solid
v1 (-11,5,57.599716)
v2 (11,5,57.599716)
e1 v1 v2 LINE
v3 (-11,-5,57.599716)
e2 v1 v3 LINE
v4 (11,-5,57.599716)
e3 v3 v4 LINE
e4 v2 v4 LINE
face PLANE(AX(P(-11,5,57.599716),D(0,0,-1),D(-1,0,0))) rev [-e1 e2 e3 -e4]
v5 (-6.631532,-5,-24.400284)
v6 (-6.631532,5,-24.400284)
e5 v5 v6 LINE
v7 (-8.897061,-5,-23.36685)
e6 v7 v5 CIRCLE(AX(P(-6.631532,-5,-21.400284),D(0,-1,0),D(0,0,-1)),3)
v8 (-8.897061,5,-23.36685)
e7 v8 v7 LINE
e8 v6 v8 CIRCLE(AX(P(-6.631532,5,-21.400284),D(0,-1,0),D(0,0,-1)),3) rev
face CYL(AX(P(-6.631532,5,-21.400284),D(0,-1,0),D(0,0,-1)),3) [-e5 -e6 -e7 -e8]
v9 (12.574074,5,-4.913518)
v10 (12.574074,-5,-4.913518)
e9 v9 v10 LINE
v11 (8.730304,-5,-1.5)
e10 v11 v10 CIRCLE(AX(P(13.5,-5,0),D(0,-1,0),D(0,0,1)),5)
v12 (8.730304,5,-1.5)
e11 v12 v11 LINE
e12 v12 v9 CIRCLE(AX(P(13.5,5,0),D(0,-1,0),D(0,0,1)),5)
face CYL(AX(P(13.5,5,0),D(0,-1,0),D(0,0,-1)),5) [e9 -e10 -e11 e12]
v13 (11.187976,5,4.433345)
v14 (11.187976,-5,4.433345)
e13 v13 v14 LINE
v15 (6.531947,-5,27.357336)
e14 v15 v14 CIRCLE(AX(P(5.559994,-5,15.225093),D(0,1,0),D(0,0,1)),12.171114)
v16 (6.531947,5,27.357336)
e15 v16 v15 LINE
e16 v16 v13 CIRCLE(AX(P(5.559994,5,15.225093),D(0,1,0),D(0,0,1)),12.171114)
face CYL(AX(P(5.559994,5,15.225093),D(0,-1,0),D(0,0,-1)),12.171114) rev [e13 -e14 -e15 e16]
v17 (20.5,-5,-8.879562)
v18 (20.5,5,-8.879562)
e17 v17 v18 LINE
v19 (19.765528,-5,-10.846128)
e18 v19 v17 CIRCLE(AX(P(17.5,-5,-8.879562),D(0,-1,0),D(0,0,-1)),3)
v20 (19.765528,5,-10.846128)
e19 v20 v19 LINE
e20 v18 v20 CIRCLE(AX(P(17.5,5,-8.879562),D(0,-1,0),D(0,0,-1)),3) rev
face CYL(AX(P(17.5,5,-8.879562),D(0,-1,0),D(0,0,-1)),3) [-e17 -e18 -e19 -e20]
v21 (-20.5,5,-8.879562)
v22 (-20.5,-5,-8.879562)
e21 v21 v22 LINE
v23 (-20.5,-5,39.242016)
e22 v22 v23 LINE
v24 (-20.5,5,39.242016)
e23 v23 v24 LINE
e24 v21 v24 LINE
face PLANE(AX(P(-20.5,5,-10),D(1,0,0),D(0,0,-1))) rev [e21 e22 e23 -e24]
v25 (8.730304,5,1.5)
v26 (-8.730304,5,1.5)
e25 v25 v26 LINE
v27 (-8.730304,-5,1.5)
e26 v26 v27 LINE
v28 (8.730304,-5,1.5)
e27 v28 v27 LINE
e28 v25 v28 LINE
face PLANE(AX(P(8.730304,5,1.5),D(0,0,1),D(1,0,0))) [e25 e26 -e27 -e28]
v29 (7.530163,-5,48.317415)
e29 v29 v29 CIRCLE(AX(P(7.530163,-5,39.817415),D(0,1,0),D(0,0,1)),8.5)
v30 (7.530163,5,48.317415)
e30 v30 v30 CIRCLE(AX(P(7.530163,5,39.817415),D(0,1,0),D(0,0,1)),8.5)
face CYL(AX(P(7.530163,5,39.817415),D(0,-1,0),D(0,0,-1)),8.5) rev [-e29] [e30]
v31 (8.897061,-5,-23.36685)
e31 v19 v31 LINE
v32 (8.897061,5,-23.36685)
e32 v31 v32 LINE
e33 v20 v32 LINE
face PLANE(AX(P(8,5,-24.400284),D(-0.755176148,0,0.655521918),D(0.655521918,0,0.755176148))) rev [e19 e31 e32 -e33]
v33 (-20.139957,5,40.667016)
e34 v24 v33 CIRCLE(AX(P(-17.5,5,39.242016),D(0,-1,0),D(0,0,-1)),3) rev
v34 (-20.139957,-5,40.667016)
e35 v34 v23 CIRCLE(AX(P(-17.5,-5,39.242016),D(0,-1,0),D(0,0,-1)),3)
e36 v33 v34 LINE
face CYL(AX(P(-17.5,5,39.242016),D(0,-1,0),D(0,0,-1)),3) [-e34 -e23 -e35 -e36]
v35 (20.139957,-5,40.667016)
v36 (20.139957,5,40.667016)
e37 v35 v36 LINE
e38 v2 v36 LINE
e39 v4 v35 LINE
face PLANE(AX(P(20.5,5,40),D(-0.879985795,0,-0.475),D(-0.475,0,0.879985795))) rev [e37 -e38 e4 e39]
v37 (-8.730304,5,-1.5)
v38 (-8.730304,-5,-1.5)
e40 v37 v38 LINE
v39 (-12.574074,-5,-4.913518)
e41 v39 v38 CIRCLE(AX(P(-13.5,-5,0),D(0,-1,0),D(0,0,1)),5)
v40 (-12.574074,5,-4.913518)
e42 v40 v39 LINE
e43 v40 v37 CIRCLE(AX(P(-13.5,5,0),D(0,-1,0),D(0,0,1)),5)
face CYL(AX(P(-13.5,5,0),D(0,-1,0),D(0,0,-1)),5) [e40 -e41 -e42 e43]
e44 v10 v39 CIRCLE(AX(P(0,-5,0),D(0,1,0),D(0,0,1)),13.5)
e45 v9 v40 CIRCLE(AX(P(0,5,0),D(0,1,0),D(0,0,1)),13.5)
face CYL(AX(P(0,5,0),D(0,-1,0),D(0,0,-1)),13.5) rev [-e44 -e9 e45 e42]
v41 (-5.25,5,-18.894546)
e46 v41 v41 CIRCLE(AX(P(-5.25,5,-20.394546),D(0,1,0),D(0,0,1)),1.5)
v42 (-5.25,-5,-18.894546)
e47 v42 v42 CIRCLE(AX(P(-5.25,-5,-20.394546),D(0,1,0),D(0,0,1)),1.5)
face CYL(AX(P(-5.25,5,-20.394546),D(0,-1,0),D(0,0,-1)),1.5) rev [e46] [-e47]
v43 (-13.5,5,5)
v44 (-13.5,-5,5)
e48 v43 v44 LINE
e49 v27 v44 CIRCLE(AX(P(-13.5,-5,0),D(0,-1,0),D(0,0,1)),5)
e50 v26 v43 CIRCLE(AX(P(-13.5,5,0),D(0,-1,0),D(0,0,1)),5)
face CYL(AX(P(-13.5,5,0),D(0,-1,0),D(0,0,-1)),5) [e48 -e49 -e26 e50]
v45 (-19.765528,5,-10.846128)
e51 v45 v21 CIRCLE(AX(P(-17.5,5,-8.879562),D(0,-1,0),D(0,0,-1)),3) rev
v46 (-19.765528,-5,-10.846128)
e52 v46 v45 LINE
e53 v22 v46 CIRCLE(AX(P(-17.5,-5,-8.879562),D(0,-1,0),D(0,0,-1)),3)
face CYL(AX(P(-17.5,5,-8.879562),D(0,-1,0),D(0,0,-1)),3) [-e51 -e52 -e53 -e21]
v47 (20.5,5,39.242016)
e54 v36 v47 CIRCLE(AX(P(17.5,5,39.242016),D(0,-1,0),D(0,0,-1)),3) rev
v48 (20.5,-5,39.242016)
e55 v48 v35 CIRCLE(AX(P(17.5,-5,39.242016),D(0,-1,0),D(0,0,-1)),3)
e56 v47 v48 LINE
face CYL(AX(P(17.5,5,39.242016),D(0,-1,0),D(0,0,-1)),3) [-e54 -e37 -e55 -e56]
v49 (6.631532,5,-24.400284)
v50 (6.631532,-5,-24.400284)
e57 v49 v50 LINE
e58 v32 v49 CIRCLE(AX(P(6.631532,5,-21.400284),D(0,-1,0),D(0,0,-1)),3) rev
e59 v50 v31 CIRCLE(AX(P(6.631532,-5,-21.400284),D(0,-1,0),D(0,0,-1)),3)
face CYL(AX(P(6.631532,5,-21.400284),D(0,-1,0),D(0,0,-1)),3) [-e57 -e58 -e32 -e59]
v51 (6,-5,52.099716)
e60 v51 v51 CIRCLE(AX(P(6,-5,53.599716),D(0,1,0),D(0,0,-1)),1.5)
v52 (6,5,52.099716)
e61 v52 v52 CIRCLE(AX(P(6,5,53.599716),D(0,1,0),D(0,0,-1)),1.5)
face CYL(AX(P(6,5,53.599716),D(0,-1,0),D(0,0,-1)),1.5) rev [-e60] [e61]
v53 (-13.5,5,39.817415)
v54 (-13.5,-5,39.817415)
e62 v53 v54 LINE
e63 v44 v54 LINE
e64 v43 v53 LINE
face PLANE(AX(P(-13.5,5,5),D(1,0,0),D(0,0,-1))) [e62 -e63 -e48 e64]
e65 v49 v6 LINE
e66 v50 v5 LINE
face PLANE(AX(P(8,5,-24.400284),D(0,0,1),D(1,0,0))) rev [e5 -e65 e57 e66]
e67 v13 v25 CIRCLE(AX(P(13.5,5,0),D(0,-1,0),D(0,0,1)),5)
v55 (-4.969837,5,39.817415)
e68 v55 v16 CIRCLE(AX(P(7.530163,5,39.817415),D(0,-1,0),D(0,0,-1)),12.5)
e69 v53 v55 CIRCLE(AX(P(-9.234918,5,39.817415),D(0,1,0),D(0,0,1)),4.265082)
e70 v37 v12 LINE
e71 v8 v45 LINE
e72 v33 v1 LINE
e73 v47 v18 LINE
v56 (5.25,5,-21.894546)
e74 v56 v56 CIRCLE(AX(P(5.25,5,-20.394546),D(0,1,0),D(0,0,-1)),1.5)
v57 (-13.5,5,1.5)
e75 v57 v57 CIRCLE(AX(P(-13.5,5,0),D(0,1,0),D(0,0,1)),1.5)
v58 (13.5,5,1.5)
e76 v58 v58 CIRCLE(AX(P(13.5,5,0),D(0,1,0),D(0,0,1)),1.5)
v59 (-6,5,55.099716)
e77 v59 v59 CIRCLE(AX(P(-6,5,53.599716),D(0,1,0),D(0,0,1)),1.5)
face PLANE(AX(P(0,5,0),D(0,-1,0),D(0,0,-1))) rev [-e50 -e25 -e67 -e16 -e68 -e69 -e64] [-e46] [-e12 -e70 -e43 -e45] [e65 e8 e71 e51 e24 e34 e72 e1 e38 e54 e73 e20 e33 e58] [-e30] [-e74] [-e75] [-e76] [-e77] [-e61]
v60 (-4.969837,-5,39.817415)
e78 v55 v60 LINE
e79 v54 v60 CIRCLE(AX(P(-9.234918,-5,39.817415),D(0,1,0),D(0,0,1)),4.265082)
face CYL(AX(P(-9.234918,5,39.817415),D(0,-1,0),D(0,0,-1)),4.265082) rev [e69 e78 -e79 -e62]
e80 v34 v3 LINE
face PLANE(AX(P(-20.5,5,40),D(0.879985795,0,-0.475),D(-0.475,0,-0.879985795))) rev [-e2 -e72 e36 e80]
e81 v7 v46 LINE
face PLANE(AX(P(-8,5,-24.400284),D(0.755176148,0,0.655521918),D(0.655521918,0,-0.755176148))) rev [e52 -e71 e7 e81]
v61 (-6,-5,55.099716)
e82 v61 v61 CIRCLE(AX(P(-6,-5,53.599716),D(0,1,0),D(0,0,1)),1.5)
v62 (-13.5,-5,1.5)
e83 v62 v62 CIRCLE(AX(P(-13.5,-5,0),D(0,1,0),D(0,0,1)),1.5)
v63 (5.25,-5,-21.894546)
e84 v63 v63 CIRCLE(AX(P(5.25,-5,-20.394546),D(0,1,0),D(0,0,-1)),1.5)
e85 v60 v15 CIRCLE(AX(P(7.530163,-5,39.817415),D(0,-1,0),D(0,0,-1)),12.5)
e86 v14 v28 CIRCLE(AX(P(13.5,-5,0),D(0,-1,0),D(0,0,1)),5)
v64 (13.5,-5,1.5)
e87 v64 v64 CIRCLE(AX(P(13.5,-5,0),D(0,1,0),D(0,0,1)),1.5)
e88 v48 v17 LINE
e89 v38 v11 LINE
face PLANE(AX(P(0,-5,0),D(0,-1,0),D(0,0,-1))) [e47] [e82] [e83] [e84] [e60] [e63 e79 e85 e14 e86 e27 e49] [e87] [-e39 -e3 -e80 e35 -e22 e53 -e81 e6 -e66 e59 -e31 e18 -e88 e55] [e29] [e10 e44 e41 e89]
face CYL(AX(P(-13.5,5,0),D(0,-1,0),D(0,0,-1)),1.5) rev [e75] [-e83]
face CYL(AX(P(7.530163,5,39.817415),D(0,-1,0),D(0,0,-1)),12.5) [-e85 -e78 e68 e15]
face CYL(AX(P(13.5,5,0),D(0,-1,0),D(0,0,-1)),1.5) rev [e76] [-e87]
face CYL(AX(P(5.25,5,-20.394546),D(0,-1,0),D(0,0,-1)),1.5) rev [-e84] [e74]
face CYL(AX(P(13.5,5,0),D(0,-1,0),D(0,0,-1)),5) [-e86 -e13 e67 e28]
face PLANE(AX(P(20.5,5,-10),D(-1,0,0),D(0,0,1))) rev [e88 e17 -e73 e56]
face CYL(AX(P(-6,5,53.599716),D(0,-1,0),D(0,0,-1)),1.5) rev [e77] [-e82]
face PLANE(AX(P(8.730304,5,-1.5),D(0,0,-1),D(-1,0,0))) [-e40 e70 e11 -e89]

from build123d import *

# Parameters (mm, degrees)
SKETCH1_R           = 1.5
SKETCH1_R_2         = 8.5
BOSS_EXTRUDE1_DEPTH = 5
FILLET1_R           = 3


with BuildPart() as part:
    # Sketch1 → Boss-Extrude1 (new, symmetric)
    with BuildSketch(Plane(origin=(0, 0, 0), x_dir=(1, 0, 0), z_dir=(0, 1, 0))):
        Polygon((8, 24.400284093), (-8, 24.400284093), (-20.5, 10), (-20.5, -40), (-11, -57.599715907), (11, -57.599715907), (20.5, -40), (20.5, 10), align=None)
        with Locations(Location((-5.25, 20.39454584, 0), (0, 0, 270))):
            Circle(SKETCH1_R, mode=Mode.SUBTRACT)
        with Locations(Location((-6, -53.599715907, 0), (0, 0, 270))):
            Circle(SKETCH1_R, mode=Mode.SUBTRACT)
        with Locations(Location((6, -53.599715907, 0), (0, 0, 90))):
            Circle(SKETCH1_R, mode=Mode.SUBTRACT)
        with Locations(Location((5.25, 20.39454584, 0), (0, 0, 90))):
            Circle(SKETCH1_R, mode=Mode.SUBTRACT)
        with Locations(Location((-13.5, 0, 0), (0, 0, 270))):
            Circle(SKETCH1_R, mode=Mode.SUBTRACT)
        with Locations(Location((13.5, 0, 0), (0, 0, 270))):
            Circle(SKETCH1_R, mode=Mode.SUBTRACT)
        with Locations(Location((7.530163354, -39.817414772, 0), (0, 0, 270))):
            Circle(SKETCH1_R_2, mode=Mode.SUBTRACT)
        with BuildLine():
            Line((-13.5, -5), (-13.5, -39.817414772))
            ThreePointArc((-13.5, -39.817414772), (-9.234918323, -44.082496449), (-4.969836646, -39.817414772))
            ThreePointArc((-4.969836646, -39.817414772), (-1.654816501, -31.338845018), (6.531946565, -27.35733599))
            ThreePointArc((6.531946565, -27.35733599), (17.487572325, -17.647670786), (11.187975781, -4.433344563))
            ThreePointArc((11.187975781, -4.433344563), (9.667400631, -3.211102938), (8.730303993, -1.5))
            Line((8.730303993, -1.5), (-8.730303993, -1.5))
            ThreePointArc((-8.730303993, -1.5), (-10.541960108, -4.031128874), (-13.5, -5))
        make_face(mode=Mode.SUBTRACT)
        with BuildLine():
            Line((8.730303993, 1.5), (-8.730303993, 1.5))
            ThreePointArc((-8.730303993, 1.5), (-10.179901517, 3.738575405), (-12.574074074, 4.913518208))
            ThreePointArc((-12.574074074, 4.913518208), (0, 13.5), (12.574074074, 4.913518208))
            ThreePointArc((12.574074074, 4.913518208), (10.179901517, 3.738575405), (8.730303993, 1.5))
        make_face(mode=Mode.SUBTRACT)
    extrude(amount=BOSS_EXTRUDE1_DEPTH, both=True)

    # Fillet1
    fillet1_edges = [part.edges().sort_by_distance(p)[0] for p in [
        (-20.5, 0, 40),
        (-20.5, 0, -10),
        (-8, 0, -24.400284093),
        (8, 0, -24.400284093),
        (20.5, 0, -10),
        (20.5, 0, 40),
    ]]
    fillet(fillet1_edges, radius=FILLET1_R)


solid = part.part
